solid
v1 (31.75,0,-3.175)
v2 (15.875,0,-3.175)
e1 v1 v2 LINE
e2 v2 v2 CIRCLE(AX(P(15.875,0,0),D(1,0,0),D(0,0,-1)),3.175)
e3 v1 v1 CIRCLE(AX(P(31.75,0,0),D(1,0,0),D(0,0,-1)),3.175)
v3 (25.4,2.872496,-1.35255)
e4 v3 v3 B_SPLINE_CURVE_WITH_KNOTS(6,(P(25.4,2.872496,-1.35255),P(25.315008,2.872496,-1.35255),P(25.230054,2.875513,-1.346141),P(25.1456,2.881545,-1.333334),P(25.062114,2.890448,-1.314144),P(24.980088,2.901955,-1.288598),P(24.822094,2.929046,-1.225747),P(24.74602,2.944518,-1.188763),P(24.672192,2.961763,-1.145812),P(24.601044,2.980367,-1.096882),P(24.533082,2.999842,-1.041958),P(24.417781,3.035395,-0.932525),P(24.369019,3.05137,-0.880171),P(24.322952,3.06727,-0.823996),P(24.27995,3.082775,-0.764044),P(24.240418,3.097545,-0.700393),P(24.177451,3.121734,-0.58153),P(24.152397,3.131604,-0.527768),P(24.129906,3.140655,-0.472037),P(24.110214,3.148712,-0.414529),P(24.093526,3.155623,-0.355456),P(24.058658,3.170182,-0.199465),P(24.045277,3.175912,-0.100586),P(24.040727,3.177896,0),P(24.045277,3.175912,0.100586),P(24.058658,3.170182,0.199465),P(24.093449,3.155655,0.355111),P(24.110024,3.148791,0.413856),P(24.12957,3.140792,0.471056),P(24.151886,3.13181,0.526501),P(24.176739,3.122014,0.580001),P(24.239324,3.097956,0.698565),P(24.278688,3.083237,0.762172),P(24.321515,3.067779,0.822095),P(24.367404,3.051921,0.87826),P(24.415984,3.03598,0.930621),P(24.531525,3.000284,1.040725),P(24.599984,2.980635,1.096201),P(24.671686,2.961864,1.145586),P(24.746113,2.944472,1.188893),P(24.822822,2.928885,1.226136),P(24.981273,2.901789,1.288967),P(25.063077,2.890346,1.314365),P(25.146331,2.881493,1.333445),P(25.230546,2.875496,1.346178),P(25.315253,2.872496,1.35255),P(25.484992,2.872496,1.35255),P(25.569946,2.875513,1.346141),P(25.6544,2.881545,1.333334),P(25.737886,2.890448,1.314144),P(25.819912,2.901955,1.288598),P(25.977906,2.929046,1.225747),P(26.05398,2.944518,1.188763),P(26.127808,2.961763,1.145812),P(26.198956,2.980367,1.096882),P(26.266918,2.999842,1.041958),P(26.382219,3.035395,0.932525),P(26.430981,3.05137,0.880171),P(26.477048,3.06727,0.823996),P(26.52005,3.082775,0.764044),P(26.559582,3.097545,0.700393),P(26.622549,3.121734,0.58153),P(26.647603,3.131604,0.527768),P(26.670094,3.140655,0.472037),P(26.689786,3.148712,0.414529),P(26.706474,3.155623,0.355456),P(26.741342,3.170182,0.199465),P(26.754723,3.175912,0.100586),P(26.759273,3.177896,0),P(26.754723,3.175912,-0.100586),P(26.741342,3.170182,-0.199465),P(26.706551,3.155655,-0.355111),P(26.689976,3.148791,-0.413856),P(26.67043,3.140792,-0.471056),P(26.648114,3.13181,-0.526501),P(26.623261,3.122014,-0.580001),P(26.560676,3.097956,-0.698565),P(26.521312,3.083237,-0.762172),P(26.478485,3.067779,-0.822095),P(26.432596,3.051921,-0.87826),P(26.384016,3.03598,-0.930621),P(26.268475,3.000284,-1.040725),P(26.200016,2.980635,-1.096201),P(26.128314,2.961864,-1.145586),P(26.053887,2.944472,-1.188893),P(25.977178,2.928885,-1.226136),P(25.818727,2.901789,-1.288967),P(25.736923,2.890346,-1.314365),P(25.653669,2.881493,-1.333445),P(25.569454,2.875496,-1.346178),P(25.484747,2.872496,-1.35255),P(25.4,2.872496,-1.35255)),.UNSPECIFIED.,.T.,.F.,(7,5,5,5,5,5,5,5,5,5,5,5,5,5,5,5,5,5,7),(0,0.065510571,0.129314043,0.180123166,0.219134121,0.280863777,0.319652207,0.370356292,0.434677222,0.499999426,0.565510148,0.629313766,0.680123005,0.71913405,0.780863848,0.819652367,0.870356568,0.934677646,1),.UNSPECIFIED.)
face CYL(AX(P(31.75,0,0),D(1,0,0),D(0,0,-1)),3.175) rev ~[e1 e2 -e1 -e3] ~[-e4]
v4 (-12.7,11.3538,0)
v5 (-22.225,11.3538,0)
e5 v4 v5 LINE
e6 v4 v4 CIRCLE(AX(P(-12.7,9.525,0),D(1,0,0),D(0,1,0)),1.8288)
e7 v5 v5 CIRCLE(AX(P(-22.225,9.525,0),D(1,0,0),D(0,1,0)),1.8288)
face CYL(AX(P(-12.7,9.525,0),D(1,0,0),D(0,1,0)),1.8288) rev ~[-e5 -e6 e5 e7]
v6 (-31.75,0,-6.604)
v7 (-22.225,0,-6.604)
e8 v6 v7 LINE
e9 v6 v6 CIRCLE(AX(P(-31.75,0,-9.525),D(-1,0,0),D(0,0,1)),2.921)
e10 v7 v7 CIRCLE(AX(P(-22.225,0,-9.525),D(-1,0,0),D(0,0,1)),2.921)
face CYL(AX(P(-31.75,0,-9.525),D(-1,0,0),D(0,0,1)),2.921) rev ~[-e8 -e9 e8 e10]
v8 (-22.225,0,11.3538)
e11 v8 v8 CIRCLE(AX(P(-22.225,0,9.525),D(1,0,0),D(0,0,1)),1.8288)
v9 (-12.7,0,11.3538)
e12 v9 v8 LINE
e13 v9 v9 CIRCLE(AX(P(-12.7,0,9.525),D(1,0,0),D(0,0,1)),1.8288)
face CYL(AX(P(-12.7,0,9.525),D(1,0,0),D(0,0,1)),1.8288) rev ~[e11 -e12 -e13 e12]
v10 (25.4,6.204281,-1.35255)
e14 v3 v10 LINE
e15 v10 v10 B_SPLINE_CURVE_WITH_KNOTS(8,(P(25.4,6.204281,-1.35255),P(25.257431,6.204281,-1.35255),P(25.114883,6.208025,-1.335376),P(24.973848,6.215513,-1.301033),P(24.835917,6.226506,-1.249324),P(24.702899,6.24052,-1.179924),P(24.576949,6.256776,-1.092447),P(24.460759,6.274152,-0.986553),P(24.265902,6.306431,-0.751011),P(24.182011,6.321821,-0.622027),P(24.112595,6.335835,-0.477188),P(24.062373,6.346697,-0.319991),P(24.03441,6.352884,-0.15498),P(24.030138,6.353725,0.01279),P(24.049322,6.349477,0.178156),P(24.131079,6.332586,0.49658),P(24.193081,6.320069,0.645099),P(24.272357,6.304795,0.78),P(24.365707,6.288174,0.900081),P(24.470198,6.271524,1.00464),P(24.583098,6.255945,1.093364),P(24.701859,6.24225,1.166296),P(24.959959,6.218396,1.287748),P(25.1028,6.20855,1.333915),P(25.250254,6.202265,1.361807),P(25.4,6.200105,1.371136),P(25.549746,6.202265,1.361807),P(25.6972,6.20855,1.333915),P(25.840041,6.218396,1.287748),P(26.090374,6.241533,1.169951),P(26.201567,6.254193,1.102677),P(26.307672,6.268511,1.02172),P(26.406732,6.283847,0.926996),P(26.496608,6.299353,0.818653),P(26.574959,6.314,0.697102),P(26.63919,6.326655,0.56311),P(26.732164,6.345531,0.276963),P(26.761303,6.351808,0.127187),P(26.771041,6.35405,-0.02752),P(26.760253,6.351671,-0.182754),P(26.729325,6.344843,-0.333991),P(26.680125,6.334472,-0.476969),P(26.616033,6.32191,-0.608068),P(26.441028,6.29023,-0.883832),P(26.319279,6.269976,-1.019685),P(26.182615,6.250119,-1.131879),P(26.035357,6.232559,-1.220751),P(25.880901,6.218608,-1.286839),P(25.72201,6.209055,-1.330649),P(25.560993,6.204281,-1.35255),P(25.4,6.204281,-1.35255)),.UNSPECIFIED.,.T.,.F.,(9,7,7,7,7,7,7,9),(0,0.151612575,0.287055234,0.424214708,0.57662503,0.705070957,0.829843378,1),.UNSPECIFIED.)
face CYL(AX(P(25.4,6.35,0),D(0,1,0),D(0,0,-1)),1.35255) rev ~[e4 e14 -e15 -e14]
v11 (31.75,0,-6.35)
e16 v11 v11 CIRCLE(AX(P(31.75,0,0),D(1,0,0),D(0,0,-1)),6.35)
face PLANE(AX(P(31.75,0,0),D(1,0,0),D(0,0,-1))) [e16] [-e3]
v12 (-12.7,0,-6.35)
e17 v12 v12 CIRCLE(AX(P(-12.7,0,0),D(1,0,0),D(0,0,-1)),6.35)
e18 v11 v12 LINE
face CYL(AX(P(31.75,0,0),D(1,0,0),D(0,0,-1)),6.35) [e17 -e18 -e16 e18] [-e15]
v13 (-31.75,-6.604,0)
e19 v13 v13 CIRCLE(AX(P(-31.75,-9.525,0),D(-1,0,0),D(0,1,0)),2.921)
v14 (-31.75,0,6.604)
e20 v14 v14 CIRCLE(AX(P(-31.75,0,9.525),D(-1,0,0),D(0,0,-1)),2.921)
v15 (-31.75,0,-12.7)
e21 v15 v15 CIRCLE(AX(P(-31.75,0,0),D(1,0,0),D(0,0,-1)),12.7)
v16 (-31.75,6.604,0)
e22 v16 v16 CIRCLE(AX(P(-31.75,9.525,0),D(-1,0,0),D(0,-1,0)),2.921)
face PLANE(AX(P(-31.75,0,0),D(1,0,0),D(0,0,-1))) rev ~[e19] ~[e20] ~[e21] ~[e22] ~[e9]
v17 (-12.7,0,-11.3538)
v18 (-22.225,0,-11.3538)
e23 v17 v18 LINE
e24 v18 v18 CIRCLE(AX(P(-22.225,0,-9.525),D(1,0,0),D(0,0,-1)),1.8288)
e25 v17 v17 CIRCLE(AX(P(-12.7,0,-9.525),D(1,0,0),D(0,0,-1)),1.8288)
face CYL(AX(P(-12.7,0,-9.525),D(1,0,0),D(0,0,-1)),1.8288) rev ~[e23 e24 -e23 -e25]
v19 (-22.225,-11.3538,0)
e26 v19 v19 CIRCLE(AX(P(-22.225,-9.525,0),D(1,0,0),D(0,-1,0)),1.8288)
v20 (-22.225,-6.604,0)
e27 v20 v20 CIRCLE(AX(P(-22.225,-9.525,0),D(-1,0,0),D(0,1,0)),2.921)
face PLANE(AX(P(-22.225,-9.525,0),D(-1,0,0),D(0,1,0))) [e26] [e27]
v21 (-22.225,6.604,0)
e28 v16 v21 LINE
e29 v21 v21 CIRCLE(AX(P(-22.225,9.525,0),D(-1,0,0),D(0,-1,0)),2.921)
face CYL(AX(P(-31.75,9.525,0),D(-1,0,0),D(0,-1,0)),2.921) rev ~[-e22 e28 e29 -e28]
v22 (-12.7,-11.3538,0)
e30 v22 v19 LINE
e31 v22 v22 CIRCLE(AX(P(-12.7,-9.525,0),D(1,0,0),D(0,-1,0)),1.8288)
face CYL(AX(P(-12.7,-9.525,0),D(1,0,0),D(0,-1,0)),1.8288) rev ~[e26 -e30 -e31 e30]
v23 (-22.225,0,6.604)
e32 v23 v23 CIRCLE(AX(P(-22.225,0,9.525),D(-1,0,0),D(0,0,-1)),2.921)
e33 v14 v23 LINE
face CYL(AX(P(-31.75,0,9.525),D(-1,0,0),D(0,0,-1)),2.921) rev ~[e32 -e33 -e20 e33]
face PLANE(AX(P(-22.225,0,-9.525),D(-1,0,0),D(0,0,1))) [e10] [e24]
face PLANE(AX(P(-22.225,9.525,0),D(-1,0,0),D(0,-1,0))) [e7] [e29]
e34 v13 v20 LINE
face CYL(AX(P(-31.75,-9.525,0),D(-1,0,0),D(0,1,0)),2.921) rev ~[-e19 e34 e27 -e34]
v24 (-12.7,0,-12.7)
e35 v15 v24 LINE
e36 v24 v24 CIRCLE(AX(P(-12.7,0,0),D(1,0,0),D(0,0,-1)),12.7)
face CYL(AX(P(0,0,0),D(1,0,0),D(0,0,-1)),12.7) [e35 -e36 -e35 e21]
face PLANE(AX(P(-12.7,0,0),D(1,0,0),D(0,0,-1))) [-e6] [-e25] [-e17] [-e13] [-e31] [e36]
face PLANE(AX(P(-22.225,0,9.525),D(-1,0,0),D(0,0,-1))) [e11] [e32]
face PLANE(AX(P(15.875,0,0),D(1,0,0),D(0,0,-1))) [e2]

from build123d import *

# Parameters (mm, degrees)
SKETCH1_R           = 12.7
BOSS_EXTRUDE1_DEPTH = 31.75
SKETCH2_R           = 3.175
CUT_EXTRUDE1_DEPTH  = 15.875
SKETCH3_R           = 12.7
SKETCH3_R_2         = 6.35
CUT_EXTRUDE2_DEPTH  = 44.45
SKETCH8_W           = 1.35255
SKETCH8_H           = 12.7
SKETCH4_R           = 1.8288
CUT_EXTRUDE3_DEPTH  = 48.941448757
SKETCH10_R          = 2.921
CUT_EXTRUDE5_DEPTH  = 9.525
CIRPATTERN1_COUNT   = 4


with BuildPart() as part:
    # Sketch1 → Boss-Extrude1 (new, symmetric)
    with BuildSketch(Plane(origin=(0, 0, 0), x_dir=(0, 0, -1), z_dir=(1, 0, 0))):
        Circle(SKETCH1_R)
    extrude(amount=BOSS_EXTRUDE1_DEPTH, both=True)

    # Sketch2 → Cut-Extrude1 (cut)
    with BuildSketch(Plane(origin=(31.75, 0, 0), x_dir=(0, 0, -1), z_dir=(1, 0, 0))):
        Circle(SKETCH2_R)
    extrude(amount=-CUT_EXTRUDE1_DEPTH, mode=Mode.SUBTRACT)

    # Sketch3 → Cut-Extrude2 (cut)
    with BuildSketch(Plane(origin=(31.75, 0, 0), x_dir=(0, 0, -1), z_dir=(1, 0, 0))):
        Circle(SKETCH3_R)
        Circle(SKETCH3_R_2, mode=Mode.SUBTRACT)
    extrude(amount=-CUT_EXTRUDE2_DEPTH, mode=Mode.SUBTRACT)

    # Sketch8 → #6-32 Tapped Hole2 (revolve, cut)
    with BuildSketch(Plane(origin=(25.4, 0, 0), x_dir=(0, 0, -1), z_dir=(1, 0, 0))):
        with Locations((0.676275, 6.35)):
            Rectangle(SKETCH8_W, SKETCH8_H)
    revolve(axis=Axis((25.4, -6.35, 0), (0, 1, 0)), mode=Mode.SUBTRACT)

    # Sketch4 → Cut-Extrude3 (cut, through all)
    with BuildSketch(Plane(origin=(-12.7, 0, 0), x_dir=(0, 0, -1), z_dir=(1, 0, 0))):
        with Locations((9.525, 0)):
            Circle(SKETCH4_R)
    cut_extrude3 = extrude(amount=-CUT_EXTRUDE3_DEPTH, mode=Mode.SUBTRACT)

    # Sketch10 → Cut-Extrude5 (cut)
    with BuildSketch(Plane.ZY.offset(31.75)):
        with Locations((-9.525, 0)):
            Circle(SKETCH10_R)
    cut_extrude5 = extrude(amount=-CUT_EXTRUDE5_DEPTH, mode=Mode.SUBTRACT)

    # CirPattern1: Cut-Extrude3, Cut-Extrude5 ×4 about axis
    cirpattern1_axis = Axis((0, 0, 0), (1, 0, 0))
    add([cut_extrude3.rotate(cirpattern1_axis, i * 360 / CIRPATTERN1_COUNT) for i in range(1, CIRPATTERN1_COUNT)], mode=Mode.SUBTRACT)
    add([cut_extrude5.rotate(cirpattern1_axis, i * 360 / CIRPATTERN1_COUNT) for i in range(1, CIRPATTERN1_COUNT)], mode=Mode.SUBTRACT)


solid = part.part
